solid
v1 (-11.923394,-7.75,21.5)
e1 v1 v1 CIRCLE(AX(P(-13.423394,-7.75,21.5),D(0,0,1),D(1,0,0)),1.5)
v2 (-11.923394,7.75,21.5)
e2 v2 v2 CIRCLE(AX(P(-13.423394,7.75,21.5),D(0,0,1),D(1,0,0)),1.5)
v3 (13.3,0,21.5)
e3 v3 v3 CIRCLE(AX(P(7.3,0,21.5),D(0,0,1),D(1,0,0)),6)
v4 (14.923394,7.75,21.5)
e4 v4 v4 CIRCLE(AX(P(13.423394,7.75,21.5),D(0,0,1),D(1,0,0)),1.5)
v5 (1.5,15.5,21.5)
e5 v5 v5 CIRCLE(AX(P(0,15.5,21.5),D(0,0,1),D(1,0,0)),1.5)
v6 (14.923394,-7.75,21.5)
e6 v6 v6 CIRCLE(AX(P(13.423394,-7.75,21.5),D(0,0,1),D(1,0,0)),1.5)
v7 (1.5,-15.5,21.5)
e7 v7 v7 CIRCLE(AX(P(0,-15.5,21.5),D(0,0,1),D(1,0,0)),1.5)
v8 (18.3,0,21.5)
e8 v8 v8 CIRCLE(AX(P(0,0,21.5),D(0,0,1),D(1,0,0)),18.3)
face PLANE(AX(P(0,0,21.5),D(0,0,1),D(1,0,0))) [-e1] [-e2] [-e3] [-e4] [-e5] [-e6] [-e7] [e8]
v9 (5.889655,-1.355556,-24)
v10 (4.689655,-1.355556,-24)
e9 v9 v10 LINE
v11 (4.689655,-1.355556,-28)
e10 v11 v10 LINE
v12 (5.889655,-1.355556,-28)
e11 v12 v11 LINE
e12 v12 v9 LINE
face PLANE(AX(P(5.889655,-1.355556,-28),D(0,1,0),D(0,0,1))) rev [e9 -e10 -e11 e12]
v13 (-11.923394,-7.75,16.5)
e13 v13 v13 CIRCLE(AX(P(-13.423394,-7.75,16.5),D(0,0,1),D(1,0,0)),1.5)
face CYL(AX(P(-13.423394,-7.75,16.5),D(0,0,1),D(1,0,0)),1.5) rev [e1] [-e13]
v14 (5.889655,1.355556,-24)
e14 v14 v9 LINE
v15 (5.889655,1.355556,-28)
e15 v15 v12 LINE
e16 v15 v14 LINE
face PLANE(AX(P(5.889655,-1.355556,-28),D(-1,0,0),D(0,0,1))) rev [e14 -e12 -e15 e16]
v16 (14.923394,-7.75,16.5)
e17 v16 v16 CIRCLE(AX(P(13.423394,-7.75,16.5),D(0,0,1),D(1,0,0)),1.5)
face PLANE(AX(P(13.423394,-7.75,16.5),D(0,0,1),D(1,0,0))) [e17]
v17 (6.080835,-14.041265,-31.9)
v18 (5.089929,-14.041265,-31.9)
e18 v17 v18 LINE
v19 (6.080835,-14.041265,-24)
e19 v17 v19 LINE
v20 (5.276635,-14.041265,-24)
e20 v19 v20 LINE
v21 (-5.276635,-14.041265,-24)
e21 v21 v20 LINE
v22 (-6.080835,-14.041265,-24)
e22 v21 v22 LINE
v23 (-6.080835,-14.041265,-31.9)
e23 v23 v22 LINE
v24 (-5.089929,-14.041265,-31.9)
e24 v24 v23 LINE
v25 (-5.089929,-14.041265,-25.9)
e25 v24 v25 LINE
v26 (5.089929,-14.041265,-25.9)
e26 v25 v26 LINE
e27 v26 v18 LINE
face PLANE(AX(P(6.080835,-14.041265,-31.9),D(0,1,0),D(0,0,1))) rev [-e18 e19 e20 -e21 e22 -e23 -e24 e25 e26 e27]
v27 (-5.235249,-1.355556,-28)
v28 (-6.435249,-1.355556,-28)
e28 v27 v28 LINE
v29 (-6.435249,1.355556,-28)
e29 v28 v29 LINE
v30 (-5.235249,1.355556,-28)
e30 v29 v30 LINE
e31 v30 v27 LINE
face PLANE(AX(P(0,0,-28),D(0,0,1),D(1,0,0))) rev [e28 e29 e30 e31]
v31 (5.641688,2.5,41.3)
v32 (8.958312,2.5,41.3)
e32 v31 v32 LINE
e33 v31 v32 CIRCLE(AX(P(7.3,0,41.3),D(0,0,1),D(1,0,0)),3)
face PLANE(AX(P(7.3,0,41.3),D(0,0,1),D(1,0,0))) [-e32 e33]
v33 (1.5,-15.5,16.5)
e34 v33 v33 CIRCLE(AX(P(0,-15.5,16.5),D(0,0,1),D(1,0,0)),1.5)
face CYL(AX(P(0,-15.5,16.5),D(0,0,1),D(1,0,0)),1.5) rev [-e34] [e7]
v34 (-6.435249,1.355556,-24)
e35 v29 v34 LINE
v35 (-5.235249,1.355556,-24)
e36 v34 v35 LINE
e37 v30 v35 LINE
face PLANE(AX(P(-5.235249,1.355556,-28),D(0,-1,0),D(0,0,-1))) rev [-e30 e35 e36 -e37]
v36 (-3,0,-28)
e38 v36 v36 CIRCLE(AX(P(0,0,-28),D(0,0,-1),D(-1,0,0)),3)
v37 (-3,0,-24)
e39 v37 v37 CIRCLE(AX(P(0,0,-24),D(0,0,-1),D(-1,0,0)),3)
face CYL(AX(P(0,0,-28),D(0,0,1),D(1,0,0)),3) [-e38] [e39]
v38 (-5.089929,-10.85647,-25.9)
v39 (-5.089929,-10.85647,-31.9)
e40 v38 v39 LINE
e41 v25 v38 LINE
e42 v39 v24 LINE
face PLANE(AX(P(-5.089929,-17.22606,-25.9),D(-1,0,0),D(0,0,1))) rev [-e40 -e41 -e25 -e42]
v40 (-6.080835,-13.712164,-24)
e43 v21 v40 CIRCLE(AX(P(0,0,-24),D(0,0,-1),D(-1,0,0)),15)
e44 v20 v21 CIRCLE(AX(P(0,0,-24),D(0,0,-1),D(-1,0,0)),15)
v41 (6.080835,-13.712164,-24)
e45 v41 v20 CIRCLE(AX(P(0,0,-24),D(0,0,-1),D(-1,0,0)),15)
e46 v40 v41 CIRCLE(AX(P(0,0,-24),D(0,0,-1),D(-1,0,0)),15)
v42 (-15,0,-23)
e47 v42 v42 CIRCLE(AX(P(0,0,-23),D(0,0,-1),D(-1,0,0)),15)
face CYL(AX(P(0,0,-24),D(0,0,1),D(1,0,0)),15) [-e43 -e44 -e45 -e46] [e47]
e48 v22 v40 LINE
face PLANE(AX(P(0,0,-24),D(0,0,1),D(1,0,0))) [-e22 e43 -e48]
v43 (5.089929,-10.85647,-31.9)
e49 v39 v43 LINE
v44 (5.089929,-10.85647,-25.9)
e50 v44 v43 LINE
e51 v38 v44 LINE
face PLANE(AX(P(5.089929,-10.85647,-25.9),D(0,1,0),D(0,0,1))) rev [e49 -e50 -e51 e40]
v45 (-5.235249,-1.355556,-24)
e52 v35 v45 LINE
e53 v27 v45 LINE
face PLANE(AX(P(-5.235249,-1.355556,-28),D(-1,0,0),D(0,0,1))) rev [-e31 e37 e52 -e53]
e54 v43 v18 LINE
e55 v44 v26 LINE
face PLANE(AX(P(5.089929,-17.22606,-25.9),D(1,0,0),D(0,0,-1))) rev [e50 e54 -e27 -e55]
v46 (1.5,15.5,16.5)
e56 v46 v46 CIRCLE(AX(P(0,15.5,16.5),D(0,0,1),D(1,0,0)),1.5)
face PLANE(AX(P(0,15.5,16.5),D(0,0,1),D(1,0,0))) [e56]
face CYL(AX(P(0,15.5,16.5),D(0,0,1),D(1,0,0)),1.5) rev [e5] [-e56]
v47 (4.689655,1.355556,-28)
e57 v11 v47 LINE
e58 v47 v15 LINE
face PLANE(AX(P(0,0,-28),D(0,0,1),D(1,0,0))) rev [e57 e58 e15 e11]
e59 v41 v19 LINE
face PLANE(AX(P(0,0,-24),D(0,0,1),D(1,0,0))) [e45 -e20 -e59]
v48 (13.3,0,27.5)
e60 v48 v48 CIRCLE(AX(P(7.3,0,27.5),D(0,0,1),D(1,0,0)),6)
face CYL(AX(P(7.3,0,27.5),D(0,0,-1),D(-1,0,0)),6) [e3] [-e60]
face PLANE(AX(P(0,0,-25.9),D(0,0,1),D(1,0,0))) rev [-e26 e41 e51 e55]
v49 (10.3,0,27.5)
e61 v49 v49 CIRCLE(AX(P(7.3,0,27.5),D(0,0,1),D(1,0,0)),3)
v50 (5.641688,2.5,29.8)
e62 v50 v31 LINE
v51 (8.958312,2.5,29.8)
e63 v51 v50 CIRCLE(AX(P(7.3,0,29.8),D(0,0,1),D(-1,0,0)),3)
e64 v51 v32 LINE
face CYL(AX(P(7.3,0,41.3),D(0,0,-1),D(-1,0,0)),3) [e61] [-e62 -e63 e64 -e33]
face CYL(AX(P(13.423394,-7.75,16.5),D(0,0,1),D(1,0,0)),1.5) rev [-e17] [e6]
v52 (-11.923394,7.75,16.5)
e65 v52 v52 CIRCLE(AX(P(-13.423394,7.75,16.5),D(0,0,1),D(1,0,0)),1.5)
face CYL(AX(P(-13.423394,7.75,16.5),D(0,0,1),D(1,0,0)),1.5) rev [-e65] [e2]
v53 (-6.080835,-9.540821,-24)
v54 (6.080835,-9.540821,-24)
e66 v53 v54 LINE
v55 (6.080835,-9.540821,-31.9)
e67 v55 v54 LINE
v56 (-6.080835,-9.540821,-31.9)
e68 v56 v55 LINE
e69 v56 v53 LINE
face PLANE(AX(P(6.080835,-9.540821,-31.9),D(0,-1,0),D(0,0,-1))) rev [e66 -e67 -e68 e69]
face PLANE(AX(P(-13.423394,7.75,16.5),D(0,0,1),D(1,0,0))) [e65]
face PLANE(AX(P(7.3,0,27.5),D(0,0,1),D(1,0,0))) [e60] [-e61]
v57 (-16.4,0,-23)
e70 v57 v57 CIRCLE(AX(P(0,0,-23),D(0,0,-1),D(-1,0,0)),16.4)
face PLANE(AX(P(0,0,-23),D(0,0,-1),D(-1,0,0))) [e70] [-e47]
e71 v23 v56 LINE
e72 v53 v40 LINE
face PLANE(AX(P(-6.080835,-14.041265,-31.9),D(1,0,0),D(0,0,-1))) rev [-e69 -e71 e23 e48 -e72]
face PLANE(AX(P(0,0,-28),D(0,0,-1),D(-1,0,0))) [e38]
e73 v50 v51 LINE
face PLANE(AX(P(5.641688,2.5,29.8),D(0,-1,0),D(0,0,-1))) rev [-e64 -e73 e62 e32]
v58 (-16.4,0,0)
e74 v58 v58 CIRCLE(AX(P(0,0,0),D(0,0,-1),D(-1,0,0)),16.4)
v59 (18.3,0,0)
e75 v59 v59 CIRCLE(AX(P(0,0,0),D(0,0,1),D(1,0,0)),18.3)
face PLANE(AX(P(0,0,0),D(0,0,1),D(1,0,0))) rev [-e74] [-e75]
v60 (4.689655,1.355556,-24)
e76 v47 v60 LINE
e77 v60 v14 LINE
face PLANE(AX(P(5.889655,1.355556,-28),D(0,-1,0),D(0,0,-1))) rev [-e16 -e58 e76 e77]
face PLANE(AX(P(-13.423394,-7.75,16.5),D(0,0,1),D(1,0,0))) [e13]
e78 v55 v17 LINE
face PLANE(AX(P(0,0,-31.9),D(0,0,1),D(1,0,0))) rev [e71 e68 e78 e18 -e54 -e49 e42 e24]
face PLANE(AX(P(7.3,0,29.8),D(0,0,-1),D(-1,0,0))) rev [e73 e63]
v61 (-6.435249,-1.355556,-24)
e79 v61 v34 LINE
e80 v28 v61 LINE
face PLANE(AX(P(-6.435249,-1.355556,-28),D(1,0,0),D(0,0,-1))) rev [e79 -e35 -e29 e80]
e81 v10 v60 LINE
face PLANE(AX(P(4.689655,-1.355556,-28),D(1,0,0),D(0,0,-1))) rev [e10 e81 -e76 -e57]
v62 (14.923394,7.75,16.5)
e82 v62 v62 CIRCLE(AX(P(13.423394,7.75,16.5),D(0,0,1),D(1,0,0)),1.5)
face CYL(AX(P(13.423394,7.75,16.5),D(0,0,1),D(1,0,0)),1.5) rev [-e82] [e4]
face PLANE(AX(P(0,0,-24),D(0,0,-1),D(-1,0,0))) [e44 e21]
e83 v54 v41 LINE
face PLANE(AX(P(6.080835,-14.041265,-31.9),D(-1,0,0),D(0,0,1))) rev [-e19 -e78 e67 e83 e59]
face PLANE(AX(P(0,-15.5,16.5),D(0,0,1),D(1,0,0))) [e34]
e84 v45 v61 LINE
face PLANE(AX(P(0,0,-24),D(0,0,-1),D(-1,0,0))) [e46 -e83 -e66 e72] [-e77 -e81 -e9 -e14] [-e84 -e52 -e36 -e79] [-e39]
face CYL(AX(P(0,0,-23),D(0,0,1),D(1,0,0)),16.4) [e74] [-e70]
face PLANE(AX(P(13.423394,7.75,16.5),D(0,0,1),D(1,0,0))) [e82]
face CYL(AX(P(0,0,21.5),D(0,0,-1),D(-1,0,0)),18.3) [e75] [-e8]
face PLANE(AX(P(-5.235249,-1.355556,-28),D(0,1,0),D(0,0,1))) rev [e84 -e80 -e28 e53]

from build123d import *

# Parameters (mm, degrees)
SKETCH_1_R          = 18.3
EXTRUDE_1_DEPTH     = 21.5
SKETCH_2_R          = 1.5
CUT_EXTRUDE_1_DEPTH = 5
SKETCH_3_R          = 6
EXTRUDE_2_DEPTH     = 6
SKETCH_4_R          = 3
EXTRUDE_3_DEPTH     = 13.8
CUT_EXTRUDE_START   = -11.5
CUT_EXTRUDE_2_DEPTH = 11.5
SKETCH_6_R          = 16.4
EXTRUDE_4_DEPTH     = 23
SKETCH_7_R          = 15
EXTRUDE_5_DEPTH     = 1
SKETCH_8_R          = 3
EXTRUDE_6_DEPTH     = 4
SKETCH_9_W          = 12.161670498
SKETCH_9_H          = 4.500444444
EXTRUDE_7_DEPTH     = 7.9
SKETCH_10_W         = 1.2
SKETCH_10_H         = 2.711111112
EXTRUDE_8_DEPTH     = 4
SKETCH_11_W         = 10.179858782
SKETCH_11_H         = 6.369590588
CUT_EXTRUDE_3_DEPTH = 6


with BuildPart() as part:
    # 草图1 → 凸台-拉伸1 (new body)
    with BuildSketch(Plane.XY):
        Circle(SKETCH_1_R)
    extrude(amount=EXTRUDE_1_DEPTH)

    # 草图2 → 切除-拉伸1 (cut)
    with BuildSketch(Plane.XY.offset(21.5)):
        with Locations((0, 15.5)):
            Circle(SKETCH_2_R)
        with Locations((13.423393759, 7.75)):
            Circle(SKETCH_2_R)
        with Locations((13.423393759, -7.75)):
            Circle(SKETCH_2_R)
        with Locations((0, -15.5)):
            Circle(SKETCH_2_R)
        with Locations((-13.423393759, -7.75)):
            Circle(SKETCH_2_R)
        with Locations((-13.423393759, 7.75)):
            Circle(SKETCH_2_R)
    extrude(amount=-CUT_EXTRUDE_1_DEPTH, mode=Mode.SUBTRACT)

    # 草图3 → 凸台-拉伸2 (add)
    with BuildSketch(Plane.XY.offset(21.5)):
        with Locations((7.3, 0)):
            Circle(SKETCH_3_R)
    extrude(amount=EXTRUDE_2_DEPTH)

    # 草图4 → 凸台-拉伸3 (add)
    with BuildSketch(Plane.XY.offset(27.5)):
        with Locations(Location((7.3, 0, 0), (0, 0, 180))):
            Circle(SKETCH_4_R)
    extrude(amount=EXTRUDE_3_DEPTH)

    # 草图5 → 切除-拉伸2 (cut)
    with BuildSketch(Plane.XY.offset(41.3).offset(CUT_EXTRUDE_START)):
        with BuildLine():
            Line((5.641687605, 2.5), (8.958312395, 2.5))
            ThreePointArc((8.958312395, 2.5), (7.3, 3), (5.641687605, 2.5))
        make_face()
    extrude(amount=CUT_EXTRUDE_2_DEPTH, mode=Mode.SUBTRACT)

    # 草图6 → 凸台-拉伸4 (add)
    with BuildSketch(Plane(origin=(0, 0, 0), x_dir=(-1, 0, 0), z_dir=(0, 0, -1))):
        Circle(SKETCH_6_R)
    extrude(amount=EXTRUDE_4_DEPTH)

    # 草图7 → 凸台-拉伸5 (add)
    with BuildSketch(Plane(origin=(0, 0, -23), x_dir=(-1, 0, 0), z_dir=(0, 0, -1))):
        Circle(SKETCH_7_R)
    extrude(amount=EXTRUDE_5_DEPTH)

    # 草图8 → 凸台-拉伸6 (add)
    with BuildSketch(Plane(origin=(0, 0, -24), x_dir=(-1, 0, 0), z_dir=(0, 0, -1))):
        Circle(SKETCH_8_R)
    extrude(amount=EXTRUDE_6_DEPTH)

    # 草图9 → 凸台-拉伸7 (add)
    with BuildSketch(Plane(origin=(0, 0, -24), x_dir=(-1, 0, 0), z_dir=(0, 0, -1))):
        with Locations((0, -11.791042912)):
            Rectangle(SKETCH_9_W, SKETCH_9_H)
    extrude(amount=EXTRUDE_7_DEPTH)

    # 草图10 → 凸台-拉伸8 (add)
    with BuildSketch(Plane(origin=(0, 0, -24), x_dir=(-1, 0, 0), z_dir=(0, 0, -1))):
        with Locations((-5.289655172, 0)):
            Rectangle(SKETCH_10_W, SKETCH_10_H)
        with Locations((5.835249042, 0)):
            Rectangle(SKETCH_10_W, SKETCH_10_H)
    extrude(amount=EXTRUDE_8_DEPTH)

    # 草图11 → 切除-拉伸3 (cut)
    with BuildSketch(Plane(origin=(0, 0, -31.9), x_dir=(-1, 0, 0), z_dir=(0, 0, -1))):
        with Locations((0, -14.041265134)):
            Rectangle(SKETCH_11_W, SKETCH_11_H)
    extrude(amount=-CUT_EXTRUDE_3_DEPTH, mode=Mode.SUBTRACT)


solid = part.part
